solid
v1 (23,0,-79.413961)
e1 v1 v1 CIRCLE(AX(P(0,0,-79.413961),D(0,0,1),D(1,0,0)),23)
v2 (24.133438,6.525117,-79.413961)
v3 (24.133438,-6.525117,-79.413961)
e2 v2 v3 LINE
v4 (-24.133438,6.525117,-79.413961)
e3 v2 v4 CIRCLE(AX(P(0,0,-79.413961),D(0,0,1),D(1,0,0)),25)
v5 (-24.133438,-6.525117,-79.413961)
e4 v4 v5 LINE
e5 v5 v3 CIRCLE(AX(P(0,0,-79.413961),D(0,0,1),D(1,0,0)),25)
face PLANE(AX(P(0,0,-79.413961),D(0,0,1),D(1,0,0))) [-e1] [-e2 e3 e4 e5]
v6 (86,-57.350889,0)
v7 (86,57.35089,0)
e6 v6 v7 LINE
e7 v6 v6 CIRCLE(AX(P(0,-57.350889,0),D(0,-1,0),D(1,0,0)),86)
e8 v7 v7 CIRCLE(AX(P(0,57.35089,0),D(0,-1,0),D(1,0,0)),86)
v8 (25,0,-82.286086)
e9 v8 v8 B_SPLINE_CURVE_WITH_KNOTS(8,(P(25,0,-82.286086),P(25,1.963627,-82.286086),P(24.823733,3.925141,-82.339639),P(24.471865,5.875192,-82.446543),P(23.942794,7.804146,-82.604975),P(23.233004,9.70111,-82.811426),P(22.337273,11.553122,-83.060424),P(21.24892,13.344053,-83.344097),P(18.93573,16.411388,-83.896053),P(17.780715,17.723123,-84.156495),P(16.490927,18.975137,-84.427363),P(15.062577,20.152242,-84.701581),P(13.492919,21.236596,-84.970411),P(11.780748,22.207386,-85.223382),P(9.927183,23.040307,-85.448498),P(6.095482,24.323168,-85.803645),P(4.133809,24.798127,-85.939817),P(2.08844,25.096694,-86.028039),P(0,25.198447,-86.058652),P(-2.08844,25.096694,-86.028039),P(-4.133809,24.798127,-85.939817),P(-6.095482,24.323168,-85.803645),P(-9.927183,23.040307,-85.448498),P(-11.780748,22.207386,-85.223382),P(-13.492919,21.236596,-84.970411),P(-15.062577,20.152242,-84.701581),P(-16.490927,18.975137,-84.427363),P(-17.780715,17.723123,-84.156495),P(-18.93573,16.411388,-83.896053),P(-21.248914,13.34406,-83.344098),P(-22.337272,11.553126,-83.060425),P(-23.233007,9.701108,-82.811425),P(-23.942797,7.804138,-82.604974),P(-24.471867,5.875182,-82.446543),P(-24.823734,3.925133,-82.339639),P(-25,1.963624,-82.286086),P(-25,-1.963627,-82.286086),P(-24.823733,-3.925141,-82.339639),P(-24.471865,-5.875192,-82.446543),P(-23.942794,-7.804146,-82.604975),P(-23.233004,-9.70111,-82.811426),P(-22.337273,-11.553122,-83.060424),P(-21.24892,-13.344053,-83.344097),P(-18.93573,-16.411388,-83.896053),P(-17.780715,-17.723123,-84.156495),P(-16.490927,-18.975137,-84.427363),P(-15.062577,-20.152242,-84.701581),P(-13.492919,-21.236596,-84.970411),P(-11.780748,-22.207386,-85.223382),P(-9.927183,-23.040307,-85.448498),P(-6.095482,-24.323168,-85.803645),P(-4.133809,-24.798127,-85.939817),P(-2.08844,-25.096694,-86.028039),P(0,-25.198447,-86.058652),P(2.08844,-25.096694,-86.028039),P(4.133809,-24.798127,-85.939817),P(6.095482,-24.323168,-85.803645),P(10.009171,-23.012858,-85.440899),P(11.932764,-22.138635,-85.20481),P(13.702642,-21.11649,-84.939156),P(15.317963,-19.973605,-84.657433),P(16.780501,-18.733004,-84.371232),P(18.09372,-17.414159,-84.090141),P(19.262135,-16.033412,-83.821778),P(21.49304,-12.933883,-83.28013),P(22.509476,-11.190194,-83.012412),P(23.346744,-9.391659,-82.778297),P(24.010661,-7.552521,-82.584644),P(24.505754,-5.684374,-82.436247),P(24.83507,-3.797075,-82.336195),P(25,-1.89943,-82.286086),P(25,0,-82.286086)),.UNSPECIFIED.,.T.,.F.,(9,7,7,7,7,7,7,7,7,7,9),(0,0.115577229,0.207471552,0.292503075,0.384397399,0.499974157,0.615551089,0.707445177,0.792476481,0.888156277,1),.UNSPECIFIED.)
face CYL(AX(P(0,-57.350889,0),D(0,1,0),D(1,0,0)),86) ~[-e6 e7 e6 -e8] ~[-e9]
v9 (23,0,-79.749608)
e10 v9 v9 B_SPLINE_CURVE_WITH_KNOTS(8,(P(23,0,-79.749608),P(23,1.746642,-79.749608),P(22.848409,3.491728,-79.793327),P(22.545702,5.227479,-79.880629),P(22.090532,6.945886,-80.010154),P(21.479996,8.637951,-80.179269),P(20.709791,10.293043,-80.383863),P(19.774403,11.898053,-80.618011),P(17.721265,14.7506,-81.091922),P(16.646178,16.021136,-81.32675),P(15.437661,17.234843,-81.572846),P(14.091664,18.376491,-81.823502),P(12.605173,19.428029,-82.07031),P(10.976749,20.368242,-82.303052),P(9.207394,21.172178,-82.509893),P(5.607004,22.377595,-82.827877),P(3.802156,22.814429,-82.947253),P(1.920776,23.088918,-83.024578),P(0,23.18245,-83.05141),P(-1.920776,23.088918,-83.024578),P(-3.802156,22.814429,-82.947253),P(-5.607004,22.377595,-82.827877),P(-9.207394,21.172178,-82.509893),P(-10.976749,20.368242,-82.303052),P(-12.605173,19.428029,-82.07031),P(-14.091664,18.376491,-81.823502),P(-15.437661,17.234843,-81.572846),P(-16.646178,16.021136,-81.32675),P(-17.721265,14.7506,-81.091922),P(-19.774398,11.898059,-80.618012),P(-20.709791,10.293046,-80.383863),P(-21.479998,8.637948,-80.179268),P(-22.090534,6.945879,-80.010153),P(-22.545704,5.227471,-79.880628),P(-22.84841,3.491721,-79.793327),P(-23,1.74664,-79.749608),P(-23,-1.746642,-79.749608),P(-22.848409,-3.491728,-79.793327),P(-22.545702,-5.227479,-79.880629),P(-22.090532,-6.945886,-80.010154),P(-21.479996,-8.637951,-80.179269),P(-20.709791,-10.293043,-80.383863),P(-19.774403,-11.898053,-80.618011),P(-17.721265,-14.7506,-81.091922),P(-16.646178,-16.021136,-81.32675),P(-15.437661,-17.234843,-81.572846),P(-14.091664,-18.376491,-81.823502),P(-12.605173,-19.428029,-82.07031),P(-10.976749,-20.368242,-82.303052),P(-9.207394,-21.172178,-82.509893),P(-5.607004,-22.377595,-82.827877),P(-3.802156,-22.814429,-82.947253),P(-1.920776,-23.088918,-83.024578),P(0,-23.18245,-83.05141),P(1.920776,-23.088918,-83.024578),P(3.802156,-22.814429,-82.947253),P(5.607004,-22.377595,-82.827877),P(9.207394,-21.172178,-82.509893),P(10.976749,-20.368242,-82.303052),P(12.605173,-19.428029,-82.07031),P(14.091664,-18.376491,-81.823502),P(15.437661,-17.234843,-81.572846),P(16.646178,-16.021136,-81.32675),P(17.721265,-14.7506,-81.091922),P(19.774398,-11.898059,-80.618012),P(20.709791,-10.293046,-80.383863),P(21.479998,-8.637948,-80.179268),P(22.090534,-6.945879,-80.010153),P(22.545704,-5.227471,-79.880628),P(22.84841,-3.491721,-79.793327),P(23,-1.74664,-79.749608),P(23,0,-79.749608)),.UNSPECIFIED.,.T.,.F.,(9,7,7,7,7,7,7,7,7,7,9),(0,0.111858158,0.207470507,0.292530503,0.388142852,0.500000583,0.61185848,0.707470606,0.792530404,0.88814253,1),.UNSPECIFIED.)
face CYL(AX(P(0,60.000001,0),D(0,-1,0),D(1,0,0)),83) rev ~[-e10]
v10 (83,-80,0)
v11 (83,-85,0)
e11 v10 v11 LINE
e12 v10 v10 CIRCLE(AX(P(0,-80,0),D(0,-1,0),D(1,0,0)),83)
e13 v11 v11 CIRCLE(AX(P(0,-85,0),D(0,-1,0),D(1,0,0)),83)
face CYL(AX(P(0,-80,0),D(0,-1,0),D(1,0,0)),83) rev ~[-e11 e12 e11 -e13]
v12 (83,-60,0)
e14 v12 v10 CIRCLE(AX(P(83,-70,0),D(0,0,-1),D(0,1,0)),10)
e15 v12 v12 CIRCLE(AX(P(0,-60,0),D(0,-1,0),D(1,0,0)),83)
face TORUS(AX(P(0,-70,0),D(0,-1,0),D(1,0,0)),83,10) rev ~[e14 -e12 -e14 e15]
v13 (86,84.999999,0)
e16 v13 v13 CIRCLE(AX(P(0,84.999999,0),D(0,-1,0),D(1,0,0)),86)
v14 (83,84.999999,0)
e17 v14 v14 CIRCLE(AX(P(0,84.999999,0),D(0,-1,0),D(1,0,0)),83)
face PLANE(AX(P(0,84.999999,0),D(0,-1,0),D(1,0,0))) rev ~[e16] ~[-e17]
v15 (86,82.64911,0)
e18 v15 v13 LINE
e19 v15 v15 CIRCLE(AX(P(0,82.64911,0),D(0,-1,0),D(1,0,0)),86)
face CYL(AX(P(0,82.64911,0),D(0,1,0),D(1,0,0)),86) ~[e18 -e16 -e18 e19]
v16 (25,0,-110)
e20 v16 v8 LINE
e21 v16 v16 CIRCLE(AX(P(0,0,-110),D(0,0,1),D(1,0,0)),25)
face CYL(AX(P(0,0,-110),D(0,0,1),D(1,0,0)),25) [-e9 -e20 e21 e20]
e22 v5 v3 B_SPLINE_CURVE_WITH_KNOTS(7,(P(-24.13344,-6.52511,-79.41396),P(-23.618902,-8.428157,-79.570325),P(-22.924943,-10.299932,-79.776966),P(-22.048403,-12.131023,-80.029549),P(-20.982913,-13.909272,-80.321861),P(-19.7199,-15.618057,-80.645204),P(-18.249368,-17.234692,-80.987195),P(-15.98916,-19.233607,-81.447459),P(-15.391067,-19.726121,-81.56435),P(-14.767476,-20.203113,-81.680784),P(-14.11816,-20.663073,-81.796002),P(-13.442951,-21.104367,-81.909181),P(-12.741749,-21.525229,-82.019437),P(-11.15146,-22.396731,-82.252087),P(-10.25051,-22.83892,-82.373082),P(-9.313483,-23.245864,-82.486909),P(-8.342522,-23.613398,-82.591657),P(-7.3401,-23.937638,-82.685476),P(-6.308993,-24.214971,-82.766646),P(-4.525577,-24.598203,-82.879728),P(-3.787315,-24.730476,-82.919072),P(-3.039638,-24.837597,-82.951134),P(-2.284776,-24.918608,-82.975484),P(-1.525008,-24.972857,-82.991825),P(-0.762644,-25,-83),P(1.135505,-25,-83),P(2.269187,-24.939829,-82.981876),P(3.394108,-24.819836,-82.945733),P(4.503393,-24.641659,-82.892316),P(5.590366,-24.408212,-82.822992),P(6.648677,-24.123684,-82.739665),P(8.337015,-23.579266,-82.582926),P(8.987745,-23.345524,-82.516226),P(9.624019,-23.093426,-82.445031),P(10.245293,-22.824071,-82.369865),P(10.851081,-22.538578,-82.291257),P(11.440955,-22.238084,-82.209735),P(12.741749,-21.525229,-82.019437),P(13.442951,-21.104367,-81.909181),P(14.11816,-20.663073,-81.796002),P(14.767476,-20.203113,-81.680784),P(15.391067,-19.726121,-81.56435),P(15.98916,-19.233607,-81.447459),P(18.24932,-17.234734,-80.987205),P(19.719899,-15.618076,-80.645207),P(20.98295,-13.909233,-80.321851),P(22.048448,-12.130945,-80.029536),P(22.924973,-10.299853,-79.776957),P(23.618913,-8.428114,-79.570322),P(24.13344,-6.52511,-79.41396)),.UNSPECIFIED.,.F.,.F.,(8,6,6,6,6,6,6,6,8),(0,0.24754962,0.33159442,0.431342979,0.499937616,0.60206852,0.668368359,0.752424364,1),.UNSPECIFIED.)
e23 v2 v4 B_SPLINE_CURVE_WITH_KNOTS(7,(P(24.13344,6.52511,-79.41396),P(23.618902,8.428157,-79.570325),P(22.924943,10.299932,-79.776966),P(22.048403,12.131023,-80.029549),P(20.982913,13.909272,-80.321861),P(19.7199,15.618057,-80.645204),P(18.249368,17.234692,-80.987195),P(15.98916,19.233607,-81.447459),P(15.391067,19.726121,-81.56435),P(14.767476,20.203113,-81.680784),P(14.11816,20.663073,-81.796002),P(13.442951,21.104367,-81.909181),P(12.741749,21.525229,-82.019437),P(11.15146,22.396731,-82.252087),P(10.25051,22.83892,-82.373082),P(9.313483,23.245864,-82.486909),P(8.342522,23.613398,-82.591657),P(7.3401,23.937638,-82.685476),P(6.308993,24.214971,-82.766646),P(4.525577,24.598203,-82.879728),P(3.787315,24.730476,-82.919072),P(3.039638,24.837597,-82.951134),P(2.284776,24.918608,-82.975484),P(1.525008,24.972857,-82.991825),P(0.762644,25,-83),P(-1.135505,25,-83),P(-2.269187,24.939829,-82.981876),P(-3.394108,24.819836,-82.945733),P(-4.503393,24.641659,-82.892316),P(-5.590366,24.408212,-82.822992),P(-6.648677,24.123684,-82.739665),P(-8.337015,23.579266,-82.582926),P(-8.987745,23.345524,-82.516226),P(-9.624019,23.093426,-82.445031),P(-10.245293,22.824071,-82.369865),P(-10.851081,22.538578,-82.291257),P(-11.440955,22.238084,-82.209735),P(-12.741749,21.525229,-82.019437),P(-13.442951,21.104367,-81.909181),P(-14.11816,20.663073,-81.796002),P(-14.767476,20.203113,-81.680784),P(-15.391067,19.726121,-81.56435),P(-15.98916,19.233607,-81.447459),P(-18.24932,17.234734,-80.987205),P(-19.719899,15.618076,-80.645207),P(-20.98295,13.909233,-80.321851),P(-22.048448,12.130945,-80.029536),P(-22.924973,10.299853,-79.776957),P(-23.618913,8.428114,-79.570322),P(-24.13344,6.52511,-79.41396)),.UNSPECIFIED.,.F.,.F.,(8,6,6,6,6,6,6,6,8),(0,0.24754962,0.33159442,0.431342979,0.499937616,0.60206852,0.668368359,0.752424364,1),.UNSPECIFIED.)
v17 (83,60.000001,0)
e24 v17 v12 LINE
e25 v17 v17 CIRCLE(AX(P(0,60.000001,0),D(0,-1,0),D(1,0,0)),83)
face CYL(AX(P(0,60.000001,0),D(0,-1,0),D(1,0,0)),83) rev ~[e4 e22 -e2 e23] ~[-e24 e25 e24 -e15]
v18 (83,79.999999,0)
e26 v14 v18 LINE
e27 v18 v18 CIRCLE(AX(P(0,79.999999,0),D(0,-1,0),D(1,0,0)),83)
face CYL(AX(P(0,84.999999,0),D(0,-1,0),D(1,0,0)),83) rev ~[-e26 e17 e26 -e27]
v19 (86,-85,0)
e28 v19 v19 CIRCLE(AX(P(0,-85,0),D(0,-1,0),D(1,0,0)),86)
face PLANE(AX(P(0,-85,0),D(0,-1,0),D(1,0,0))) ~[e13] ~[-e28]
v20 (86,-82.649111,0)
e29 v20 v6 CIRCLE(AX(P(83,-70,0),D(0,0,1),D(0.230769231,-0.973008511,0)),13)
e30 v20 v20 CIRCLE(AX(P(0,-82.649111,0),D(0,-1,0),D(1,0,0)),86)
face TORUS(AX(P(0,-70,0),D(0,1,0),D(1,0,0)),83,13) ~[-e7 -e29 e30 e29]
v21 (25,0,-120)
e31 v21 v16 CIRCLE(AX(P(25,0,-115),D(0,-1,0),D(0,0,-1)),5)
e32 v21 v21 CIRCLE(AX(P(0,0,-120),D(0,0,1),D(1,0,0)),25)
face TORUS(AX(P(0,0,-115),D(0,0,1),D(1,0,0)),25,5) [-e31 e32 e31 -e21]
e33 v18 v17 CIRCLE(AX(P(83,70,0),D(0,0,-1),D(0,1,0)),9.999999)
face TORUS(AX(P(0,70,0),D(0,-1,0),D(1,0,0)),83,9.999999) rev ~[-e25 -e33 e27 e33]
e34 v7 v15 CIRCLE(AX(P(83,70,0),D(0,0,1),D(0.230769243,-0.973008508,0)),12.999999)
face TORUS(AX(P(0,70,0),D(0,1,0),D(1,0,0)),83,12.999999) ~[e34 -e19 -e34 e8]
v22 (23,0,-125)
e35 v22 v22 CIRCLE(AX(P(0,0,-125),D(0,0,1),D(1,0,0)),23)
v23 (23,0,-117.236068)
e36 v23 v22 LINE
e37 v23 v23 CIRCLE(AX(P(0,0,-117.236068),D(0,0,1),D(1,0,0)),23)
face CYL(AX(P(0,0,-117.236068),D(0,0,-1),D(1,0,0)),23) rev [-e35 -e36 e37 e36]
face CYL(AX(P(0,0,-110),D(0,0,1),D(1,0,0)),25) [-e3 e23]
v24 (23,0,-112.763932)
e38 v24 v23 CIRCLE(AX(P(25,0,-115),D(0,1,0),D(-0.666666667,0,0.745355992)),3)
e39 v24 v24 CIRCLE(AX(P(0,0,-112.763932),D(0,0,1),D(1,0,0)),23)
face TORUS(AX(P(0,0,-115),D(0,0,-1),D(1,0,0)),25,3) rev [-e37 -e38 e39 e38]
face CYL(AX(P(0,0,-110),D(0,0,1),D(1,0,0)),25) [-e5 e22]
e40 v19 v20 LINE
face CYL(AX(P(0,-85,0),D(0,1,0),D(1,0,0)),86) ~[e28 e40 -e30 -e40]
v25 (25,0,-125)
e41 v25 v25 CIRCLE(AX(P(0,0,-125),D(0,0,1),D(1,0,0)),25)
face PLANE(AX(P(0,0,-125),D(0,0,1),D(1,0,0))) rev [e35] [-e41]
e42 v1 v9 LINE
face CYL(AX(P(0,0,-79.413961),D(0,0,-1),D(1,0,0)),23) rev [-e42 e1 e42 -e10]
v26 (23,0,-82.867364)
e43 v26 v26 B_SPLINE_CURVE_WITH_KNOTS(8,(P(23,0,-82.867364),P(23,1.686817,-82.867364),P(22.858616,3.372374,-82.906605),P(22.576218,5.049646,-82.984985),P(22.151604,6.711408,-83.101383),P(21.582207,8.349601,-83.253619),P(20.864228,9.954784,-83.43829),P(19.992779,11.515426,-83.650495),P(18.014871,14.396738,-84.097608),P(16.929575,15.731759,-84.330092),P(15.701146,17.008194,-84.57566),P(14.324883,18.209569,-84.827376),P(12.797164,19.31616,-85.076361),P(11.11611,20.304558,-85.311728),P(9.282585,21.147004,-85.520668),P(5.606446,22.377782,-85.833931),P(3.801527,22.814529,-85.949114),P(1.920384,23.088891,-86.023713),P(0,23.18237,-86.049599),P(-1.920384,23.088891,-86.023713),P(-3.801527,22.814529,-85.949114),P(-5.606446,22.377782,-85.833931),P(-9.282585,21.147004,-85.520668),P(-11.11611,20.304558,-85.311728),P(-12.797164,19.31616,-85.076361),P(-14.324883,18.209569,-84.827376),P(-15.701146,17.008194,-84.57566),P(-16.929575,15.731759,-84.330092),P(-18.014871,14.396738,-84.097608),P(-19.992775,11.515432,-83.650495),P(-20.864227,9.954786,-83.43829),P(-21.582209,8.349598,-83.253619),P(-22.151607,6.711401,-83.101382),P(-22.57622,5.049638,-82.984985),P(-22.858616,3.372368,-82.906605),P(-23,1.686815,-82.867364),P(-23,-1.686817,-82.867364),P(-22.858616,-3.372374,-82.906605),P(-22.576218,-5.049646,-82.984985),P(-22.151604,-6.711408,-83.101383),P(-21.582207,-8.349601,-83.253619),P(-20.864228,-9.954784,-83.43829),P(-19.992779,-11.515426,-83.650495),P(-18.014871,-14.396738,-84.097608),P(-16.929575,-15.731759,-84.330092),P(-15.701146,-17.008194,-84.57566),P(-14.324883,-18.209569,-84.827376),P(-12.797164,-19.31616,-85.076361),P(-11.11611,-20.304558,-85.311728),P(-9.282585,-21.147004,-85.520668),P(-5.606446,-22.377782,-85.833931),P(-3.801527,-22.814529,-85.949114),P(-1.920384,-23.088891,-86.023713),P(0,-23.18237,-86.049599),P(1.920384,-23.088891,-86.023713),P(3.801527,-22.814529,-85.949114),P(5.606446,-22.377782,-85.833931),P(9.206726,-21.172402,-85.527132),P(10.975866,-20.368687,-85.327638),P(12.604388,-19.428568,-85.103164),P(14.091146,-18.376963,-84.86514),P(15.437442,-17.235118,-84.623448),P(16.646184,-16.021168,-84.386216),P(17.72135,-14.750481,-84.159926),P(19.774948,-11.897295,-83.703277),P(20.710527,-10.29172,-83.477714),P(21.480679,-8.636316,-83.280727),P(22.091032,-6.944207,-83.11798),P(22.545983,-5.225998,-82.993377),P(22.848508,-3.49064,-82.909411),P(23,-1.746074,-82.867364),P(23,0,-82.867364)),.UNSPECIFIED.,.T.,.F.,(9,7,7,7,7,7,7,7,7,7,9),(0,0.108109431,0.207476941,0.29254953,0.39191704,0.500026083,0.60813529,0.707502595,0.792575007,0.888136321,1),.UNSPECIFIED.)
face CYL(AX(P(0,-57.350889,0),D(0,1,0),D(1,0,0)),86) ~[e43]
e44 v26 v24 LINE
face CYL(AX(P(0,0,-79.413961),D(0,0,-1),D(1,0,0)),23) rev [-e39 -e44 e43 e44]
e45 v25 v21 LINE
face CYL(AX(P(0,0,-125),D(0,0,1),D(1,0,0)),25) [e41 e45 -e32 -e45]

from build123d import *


with BuildPart() as part:
    # Эскиз2 → Повернуть-Тонкостенный1 (revolve)
    with BuildSketch(Plane.XY):
        with BuildLine():
            Line((83, 84.999999301), (83, 79.999999301))
            ThreePointArc((83, 79.999999301), (92.999999301, 70), (83, 60.000000699))
            Line((83, 60.000000699), (83, -60))
            ThreePointArc((83, -60), (93, -70), (83, -80))
            Line((83, -80), (83, -85))
            Line((83, -85), (86, -85))
            Line((86, -85), (86, -82.649110641))
            ThreePointArc((86, -82.649110641), (96, -70), (86, -57.350889359))
            Line((86, -57.350889359), (86, 57.350890078))
            ThreePointArc((86, 57.350890078), (95.999999301, 70), (86, 82.649109922))
            Line((86, 82.649109922), (86, 84.999999301))
            Line((86, 84.999999301), (83, 84.999999301))
        make_face()
    revolve(axis=Axis((0, 137.813713198, 0), (0, -1, 0)))

    # Эскиз3 → Повернуть-Тонкостенный3 (revolve)
    with BuildSketch(Plane(origin=(0, 0, 0), x_dir=(1, 0, 0), z_dir=(0, 1, 0))):
        with BuildLine():
            Line((25, 125), (25, 120))
            ThreePointArc((25, 120), (30, 115), (25, 110))
            Line((25, 110), (25, 79.413960704))
            Line((25, 79.413960704), (23, 79.413960704))
            Line((23, 79.413960704), (23, 112.763932023))
            ThreePointArc((23, 112.763932023), (28, 115), (23, 117.236067977))
            Line((23, 117.236067977), (23, 125))
            Line((23, 125), (25, 125))
        make_face()
    revolve(axis=Axis((0, 0, -125.398506503), (0, 0, 1)))


solid = part.part
